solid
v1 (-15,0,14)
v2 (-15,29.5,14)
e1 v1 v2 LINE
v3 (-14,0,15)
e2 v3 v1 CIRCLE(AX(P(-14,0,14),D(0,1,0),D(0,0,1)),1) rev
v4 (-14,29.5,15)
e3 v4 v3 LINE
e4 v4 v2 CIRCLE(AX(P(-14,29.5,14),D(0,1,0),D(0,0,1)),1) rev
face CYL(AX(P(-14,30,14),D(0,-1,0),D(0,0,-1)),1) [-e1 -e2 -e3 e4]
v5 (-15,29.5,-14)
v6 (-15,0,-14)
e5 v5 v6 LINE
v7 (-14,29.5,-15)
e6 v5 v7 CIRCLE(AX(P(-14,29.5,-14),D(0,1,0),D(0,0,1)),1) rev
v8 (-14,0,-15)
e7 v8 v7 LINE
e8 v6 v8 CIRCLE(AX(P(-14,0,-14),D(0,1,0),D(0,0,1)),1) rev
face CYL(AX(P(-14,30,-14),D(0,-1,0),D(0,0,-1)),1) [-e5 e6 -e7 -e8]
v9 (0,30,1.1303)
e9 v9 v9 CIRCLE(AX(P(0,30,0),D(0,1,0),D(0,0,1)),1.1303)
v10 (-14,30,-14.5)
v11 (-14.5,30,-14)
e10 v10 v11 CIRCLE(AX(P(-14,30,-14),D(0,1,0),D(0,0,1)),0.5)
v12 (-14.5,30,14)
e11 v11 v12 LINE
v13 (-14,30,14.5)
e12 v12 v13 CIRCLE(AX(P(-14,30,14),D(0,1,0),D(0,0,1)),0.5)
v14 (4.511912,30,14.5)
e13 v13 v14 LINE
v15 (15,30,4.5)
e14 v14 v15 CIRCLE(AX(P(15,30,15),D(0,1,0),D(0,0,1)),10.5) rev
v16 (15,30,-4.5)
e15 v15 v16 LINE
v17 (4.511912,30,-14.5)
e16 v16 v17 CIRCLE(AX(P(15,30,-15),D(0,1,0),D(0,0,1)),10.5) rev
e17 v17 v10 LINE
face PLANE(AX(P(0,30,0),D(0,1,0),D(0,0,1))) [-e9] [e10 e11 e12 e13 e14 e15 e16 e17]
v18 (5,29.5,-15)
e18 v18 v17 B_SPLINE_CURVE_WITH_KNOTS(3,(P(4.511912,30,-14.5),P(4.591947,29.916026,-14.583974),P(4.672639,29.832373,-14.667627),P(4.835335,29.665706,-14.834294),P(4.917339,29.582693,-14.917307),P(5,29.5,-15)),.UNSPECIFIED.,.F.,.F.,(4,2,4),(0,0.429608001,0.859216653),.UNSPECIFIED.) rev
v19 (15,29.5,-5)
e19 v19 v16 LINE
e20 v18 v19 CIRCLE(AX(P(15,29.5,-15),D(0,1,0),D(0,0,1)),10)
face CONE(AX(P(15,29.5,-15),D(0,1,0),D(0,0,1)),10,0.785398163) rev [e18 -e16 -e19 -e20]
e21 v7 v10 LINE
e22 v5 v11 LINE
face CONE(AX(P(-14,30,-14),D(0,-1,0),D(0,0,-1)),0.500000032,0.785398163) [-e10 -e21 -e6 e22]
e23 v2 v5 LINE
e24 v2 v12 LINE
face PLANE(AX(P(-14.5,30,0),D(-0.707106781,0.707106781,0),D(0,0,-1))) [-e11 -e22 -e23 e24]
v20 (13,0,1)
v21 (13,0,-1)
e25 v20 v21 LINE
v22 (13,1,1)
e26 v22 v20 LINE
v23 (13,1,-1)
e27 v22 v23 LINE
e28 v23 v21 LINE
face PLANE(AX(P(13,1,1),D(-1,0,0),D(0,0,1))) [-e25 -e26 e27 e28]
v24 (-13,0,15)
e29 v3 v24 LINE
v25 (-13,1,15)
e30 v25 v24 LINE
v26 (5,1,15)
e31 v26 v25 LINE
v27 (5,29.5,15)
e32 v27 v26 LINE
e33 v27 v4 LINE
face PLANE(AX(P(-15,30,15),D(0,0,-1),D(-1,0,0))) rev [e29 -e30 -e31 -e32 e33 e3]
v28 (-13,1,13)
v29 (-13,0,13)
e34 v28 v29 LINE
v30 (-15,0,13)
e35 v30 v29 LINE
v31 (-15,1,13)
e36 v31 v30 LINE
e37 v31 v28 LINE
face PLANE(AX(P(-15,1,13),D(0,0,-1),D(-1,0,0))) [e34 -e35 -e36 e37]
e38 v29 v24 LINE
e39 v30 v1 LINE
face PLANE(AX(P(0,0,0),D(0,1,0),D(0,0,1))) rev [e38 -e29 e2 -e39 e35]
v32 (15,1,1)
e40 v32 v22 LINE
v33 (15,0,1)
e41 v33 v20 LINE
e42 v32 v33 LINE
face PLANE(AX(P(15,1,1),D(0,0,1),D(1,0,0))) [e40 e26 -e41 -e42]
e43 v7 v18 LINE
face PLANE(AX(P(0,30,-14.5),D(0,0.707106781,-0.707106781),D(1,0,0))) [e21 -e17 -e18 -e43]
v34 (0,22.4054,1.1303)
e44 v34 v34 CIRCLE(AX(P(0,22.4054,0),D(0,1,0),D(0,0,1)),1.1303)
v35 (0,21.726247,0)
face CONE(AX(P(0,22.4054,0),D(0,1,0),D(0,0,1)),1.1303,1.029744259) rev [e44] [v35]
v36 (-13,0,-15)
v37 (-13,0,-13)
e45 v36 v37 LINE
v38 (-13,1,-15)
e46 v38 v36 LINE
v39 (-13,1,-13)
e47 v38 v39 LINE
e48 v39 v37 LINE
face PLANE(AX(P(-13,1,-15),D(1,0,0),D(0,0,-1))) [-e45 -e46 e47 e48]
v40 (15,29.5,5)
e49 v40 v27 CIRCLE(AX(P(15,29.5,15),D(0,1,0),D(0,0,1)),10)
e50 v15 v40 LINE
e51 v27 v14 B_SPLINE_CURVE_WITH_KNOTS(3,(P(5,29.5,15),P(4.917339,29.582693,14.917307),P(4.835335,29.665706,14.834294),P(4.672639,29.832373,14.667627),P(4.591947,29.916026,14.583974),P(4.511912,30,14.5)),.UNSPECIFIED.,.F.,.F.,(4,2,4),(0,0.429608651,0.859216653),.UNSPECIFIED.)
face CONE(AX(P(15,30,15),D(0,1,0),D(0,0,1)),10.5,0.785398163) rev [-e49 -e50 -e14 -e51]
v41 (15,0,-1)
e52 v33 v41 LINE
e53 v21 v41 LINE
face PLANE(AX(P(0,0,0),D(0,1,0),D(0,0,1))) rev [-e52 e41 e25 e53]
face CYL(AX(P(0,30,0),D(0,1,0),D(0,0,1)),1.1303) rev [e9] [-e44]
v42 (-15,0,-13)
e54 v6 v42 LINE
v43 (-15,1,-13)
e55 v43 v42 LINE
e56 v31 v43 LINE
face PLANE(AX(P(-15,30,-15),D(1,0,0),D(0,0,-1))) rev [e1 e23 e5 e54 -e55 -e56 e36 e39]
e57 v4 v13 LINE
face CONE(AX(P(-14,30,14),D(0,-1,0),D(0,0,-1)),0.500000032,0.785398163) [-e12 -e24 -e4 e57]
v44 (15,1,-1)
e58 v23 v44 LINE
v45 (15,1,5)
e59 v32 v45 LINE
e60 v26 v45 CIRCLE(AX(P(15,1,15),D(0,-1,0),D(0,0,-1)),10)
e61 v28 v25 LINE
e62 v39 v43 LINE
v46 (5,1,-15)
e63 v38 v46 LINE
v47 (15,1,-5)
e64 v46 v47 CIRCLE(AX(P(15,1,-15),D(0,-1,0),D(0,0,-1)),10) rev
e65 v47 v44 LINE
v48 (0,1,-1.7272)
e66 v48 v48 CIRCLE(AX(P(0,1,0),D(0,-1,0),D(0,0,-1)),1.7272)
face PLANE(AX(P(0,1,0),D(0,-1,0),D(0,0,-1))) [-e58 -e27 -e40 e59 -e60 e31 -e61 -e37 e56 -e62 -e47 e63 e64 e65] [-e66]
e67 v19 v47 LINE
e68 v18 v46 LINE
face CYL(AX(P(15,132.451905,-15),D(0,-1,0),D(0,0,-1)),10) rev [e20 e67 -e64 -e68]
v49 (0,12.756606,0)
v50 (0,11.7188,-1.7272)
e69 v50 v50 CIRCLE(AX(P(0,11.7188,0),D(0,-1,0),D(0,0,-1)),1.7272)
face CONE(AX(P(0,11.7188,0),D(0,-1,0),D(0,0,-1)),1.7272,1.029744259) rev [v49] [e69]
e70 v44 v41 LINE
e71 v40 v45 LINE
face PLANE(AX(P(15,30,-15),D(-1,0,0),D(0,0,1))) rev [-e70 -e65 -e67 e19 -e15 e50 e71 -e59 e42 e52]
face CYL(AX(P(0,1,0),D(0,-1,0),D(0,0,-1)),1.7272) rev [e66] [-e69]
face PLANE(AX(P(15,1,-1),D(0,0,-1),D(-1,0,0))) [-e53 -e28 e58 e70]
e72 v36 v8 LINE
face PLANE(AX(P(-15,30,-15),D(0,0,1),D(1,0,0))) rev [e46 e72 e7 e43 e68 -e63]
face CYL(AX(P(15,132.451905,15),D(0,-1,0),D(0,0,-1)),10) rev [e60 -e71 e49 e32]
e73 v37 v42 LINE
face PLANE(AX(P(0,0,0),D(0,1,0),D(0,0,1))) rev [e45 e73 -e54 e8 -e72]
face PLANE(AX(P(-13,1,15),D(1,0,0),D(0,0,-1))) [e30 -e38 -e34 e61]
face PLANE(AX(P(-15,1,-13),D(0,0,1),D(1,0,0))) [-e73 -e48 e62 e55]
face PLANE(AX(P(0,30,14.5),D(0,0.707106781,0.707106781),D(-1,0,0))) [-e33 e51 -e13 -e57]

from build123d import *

# Parameters (mm, degrees)
SKETCH1_W                 = 30
SKETCH1_H                 = 30
BOSS_EXTRUDE1_DEPTH       = 30
CUT_EXTRUDE1_START        = -31
CUT_EXTRUDE1_DEPTH        = 32
SKETCH3_OUTSIDE_W         = 42.392
SKETCH3_OUTSIDE_H         = 42.392
SKETCH3_OUTSIDE_W_2       = 2
SKETCH3_OUTSIDE_H_2       = 2
CUT_EXTRUDE2_DEPTH        = 1
F_8_32_TAPPED_HOLE1_D     = 3.4544
F_8_32_TAPPED_HOLE1_DEPTH = 10.7188
F_8_32_TAPPED_HOLE1_TIP   = 1.037806461
F_4_40_TAPPED_HOLE1_D     = 2.2606
F_4_40_TAPPED_HOLE1_DEPTH = 7.5946
F_4_40_TAPPED_HOLE1_TIP   = 0.679152758
FILLET1_R                 = 1.000000032
CHAMFER1_SIZE             = 0.5


with BuildPart() as part:
    # Sketch1 → Boss-Extrude1 (new body)
    with BuildSketch(Plane(origin=(0, 0, 0), x_dir=(1, 0, 0), z_dir=(0, 1, 0))):
        Rectangle(SKETCH1_W, SKETCH1_H)
    extrude(amount=BOSS_EXTRUDE1_DEPTH)

    # Sketch2 → Cut-Extrude1 (cut)
    with BuildSketch(Plane(origin=(0, 30, 0), x_dir=(1, 0, 0), z_dir=(0, 1, 0)).offset(CUT_EXTRUDE1_START)):
        with BuildLine():
            Line((97.111025509, 5), (15, 5))
            ThreePointArc((15, 5), (7.928932188, 7.928932188), (5, 15))
            Line((5, 15), (5, 97.111025509))
            Line((5, 97.111025509), (121.122525896, 213.233551405))
            Line((121.122525896, 213.233551405), (213.233551405, 121.122525896))
            Line((213.233551405, 121.122525896), (97.111025509, 5))
        make_face()
    cut_extrude1 = extrude(amount=CUT_EXTRUDE1_DEPTH, mode=Mode.SUBTRACT)

    # Mirror1: Cut-Extrude1 across plane
    add(cut_extrude1.mirror(Plane.XY), mode=Mode.SUBTRACT)

    # Sketch3 outside → Cut-Extrude2 (cut)
    with BuildSketch(Plane.XZ):
        Rectangle(SKETCH3_OUTSIDE_W, SKETCH3_OUTSIDE_H)
        with Locations((-14, 14)):
            Rectangle(SKETCH3_OUTSIDE_W_2, SKETCH3_OUTSIDE_H_2, mode=Mode.SUBTRACT)
        with Locations((-14, -14)):
            Rectangle(SKETCH3_OUTSIDE_W_2, SKETCH3_OUTSIDE_H_2, mode=Mode.SUBTRACT)
        with Locations((14, 0)):
            Rectangle(SKETCH3_OUTSIDE_W_2, SKETCH3_OUTSIDE_H_2, mode=Mode.SUBTRACT)
    extrude(amount=-CUT_EXTRUDE2_DEPTH, mode=Mode.SUBTRACT)

    # #8-32 Tapped Hole1
    with Locations(Plane.XZ.offset(-1)):
        with Locations((0, 0)):
            Hole(F_8_32_TAPPED_HOLE1_D / 2, depth=F_8_32_TAPPED_HOLE1_DEPTH)
            with Locations((0, 0, -(F_8_32_TAPPED_HOLE1_DEPTH + F_8_32_TAPPED_HOLE1_TIP / 2))):  # 118° drill point
                Cone(0, F_8_32_TAPPED_HOLE1_D / 2, F_8_32_TAPPED_HOLE1_TIP, mode=Mode.SUBTRACT)

    # #4-40 Tapped Hole1
    with Locations(Plane(origin=(0, 30, 0), x_dir=(-1, 0, 0), z_dir=(0, 1, 0))):
        with Locations((0, 0)):
            Hole(F_4_40_TAPPED_HOLE1_D / 2, depth=F_4_40_TAPPED_HOLE1_DEPTH)
            with Locations((0, 0, -(F_4_40_TAPPED_HOLE1_DEPTH + F_4_40_TAPPED_HOLE1_TIP / 2))):  # 118° drill point
                Cone(0, F_4_40_TAPPED_HOLE1_D / 2, F_4_40_TAPPED_HOLE1_TIP, mode=Mode.SUBTRACT)

    # Fillet1
    fillet1_edges = [part.edges().sort_by_distance(p)[0] for p in [
        (-15, 15, 15),
        (-15, 15, -15),
    ]]
    fillet(fillet1_edges, radius=FILLET1_R)

    # Chamfer1
    chamfer1_edges = [part.edges().sort_by_distance(p)[0] for p in [
        (-14.707106772, 30, -14.707106772),
        (-14.707106772, 30, 14.707106772),
        (-4.499999984, 30, -15),
        (7.928932188, 30, -7.928932188),
        (7.928932188, 30, 7.928932188),
        (-4.499999984, 30, 15),
        (-15, 30, 0),
    ]]
    chamfer(chamfer1_edges, length=CHAMFER1_SIZE)


solid = part.part
